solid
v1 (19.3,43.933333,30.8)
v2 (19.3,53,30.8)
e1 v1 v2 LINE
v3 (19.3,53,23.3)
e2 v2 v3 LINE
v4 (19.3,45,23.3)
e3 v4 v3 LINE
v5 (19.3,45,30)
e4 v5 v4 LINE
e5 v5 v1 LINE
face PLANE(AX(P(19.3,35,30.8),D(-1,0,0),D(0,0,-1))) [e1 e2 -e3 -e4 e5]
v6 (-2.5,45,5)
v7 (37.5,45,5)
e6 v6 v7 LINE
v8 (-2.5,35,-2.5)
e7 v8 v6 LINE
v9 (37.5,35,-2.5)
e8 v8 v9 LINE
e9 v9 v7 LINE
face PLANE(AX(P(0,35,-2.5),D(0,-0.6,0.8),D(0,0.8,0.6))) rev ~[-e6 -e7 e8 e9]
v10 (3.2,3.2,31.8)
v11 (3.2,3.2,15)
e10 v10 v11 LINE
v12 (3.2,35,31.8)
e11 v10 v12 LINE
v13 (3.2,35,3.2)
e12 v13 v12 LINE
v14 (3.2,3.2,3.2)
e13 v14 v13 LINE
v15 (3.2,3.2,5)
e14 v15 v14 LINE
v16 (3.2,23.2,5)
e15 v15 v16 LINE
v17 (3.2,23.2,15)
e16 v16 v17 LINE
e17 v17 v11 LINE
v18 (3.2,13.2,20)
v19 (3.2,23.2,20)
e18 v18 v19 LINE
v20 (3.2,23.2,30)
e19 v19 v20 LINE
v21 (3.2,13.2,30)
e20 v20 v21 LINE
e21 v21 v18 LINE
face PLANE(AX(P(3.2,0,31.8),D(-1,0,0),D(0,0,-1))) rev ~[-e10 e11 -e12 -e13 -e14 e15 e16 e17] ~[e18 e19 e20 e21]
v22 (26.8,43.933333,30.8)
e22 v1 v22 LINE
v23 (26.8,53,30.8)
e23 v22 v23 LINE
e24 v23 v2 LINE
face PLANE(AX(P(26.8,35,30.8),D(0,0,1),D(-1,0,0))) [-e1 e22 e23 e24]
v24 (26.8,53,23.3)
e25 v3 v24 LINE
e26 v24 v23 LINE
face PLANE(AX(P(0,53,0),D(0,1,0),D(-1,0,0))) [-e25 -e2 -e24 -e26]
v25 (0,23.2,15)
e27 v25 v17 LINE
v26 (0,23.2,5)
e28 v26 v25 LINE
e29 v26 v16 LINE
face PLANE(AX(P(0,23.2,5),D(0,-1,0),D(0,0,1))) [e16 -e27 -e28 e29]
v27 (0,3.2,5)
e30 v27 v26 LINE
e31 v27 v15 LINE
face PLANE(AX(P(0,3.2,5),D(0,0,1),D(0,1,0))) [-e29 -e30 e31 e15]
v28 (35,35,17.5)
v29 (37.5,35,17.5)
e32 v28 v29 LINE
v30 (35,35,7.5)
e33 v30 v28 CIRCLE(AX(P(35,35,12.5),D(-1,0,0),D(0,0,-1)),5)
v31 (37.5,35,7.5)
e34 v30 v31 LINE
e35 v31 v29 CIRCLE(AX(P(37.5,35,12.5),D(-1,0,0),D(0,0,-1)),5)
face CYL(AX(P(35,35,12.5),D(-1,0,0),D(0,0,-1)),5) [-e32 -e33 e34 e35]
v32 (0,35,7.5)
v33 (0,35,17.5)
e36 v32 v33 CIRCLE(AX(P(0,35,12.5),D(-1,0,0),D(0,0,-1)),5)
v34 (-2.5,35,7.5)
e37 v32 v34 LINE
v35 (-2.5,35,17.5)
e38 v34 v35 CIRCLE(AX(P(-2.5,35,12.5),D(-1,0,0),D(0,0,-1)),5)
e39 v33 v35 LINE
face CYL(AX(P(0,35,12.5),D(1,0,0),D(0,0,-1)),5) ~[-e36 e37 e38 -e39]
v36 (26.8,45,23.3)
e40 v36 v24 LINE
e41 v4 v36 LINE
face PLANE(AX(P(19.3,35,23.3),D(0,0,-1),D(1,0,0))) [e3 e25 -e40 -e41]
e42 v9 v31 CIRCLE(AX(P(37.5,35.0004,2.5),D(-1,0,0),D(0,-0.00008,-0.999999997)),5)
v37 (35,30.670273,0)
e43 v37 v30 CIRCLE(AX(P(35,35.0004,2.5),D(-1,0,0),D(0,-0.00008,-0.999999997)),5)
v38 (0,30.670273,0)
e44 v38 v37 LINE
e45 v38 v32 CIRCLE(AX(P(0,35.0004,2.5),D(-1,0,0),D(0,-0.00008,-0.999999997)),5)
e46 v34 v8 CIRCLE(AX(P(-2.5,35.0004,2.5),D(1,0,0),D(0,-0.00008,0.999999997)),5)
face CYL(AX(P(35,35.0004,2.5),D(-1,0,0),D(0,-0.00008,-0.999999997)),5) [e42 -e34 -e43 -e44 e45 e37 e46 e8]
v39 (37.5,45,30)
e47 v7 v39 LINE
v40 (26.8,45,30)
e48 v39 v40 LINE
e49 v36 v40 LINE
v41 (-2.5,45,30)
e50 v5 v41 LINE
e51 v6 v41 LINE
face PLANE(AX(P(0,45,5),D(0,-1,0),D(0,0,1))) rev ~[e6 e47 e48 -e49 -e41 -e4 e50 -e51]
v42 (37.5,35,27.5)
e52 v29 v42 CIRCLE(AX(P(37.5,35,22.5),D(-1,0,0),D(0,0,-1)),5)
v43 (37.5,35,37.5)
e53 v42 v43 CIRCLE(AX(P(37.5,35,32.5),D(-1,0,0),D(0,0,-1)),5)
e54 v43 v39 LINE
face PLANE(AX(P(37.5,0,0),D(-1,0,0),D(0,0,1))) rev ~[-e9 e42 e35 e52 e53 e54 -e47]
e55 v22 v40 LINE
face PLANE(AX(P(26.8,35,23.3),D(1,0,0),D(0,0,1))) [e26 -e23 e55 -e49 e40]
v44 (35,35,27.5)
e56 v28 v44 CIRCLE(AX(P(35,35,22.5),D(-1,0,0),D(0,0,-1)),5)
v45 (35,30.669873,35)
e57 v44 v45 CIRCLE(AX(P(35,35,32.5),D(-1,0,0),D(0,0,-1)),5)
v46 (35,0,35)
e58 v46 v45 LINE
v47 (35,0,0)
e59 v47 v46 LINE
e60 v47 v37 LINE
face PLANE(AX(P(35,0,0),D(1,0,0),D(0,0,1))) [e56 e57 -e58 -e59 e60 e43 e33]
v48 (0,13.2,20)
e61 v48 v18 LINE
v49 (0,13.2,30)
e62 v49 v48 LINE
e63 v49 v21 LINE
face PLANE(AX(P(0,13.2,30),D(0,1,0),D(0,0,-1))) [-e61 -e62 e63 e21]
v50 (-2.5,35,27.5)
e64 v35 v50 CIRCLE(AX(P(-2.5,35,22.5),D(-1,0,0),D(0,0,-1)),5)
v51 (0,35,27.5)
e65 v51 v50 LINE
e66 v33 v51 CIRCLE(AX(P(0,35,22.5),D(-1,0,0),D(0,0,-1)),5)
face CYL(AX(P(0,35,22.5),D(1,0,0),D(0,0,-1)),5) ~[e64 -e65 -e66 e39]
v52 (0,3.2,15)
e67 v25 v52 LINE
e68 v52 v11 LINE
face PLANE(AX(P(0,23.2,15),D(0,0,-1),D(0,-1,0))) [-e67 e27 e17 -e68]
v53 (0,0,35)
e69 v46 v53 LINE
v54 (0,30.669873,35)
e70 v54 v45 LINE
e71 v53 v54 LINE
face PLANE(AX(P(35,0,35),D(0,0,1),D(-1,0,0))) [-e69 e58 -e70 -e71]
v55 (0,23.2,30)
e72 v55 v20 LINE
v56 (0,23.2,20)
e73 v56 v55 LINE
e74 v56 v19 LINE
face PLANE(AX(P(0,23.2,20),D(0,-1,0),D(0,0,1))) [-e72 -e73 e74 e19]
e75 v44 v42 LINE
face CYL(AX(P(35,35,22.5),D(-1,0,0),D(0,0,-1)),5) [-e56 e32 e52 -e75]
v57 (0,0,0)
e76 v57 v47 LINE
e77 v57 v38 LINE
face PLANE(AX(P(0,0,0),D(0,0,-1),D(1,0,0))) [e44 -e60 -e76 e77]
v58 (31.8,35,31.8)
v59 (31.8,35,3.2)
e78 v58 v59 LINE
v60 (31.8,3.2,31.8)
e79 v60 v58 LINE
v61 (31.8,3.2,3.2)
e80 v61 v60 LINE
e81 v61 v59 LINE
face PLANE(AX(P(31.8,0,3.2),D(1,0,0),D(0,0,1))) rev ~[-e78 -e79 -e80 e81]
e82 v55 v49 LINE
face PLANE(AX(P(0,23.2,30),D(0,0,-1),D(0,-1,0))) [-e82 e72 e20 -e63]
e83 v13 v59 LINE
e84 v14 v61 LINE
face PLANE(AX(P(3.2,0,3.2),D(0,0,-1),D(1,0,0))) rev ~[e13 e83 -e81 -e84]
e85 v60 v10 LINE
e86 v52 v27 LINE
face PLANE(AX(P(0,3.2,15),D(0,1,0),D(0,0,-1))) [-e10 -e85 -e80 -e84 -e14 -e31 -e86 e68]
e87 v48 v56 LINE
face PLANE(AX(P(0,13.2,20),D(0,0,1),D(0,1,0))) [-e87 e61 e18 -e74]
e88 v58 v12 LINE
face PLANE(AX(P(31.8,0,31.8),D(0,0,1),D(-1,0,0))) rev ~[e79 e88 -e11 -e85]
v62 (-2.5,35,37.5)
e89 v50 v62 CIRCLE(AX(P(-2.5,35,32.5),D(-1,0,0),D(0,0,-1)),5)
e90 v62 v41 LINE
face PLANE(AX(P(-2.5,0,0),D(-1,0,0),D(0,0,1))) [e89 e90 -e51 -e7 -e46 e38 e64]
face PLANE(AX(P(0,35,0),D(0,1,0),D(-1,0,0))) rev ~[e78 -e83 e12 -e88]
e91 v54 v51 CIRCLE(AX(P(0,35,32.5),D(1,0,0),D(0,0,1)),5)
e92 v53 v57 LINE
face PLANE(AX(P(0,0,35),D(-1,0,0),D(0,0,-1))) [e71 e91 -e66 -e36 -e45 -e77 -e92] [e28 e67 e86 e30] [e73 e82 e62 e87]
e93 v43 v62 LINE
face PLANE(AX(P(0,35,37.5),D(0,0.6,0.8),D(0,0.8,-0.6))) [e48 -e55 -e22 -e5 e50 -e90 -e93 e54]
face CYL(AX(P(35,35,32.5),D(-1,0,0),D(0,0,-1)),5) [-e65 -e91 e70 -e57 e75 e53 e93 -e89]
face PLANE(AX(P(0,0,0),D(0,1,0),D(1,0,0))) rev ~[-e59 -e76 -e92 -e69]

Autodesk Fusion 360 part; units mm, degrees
sketch "Sketch1" plane through (0, 0, 0) normal (0, 1, 0) x (1, 0, 0)
  line L0 (0, 0) -> (35, 0)
  line L1 (35, 0) -> (35, -35)
  line L2 (35, -35) -> (0, -35)
  line L3 (0, -35) -> (0, 0)
  line L4 (3.2, -3.2) -> (31.8, -3.2)
  line L5 (31.8, -3.2) -> (31.8, -31.8)
  line L6 (31.8, -31.8) -> (3.2, -31.8)
  line L7 (3.2, -31.8) -> (3.2, -3.2)
  dimension "d1" = 35
  dimension "d2" = 3.2
  dimension "d3" = 3.2
  dimension "d4" = 35
  dimension "d5" = 3.2
  dimension "d6" = 3.2
extrude "Extrude1" add sketch "Sketch1" along normal blind 35 makes body 1
sketch "Sketch2" plane through (0, 35, 0) normal (0, 1, 0) x (-1, 0, 0)
  line L0 (-31.8, 31.8) -> (-3.2, 31.8)
  line L1 (-3.2, 31.8) -> (-3.2, 3.2)
  line L2 (-3.2, 3.2) -> (-31.8, 3.2)
  line L3 (-31.8, 3.2) -> (-31.8, 31.8)
  line L4 (0, 35) -> (-35, 35)
  line L5 (-35, 35) -> (-35, 0)
  line L6 (-35, 0) -> (0, 0)
  line L7 (0, 0) -> (0, 35)
  line L8 (2.5, -2.5) -> (-37.5, -2.5)
  line L9 (-37.5, -2.5) -> (-37.5, 37.5)
  line L10 (-37.5, 37.5) -> (2.5, 37.5)
  line L11 (2.5, 37.5) -> (2.5, -2.5)
  line L12 (-26.8, 30.8) -> (-19.3, 30.8)
  line L13 (-19.3, 30.8) -> (-19.3, 23.3)
  line L14 (-19.3, 23.3) -> (-26.8, 23.3)
  line L15 (-26.8, 23.3) -> (-26.8, 30.8)
  line L16 (-31.8, 31.8) -> (-3.2, 31.8)
  line L17 (-31.8, 3.2) -> (-31.8, 31.8)
  dimension "d9" = 2.5
  dimension "d10" = 2.5
  dimension "d11" = 2.5
  dimension "d12" = 2.5
  dimension "d54" = 7.5
  dimension "d55" = 7.5
  dimension "d56" = 1
  dimension "d57" = 5
sketch "Sketch3" plane through (0, 35, 0) normal (0, 1, 0) x (-1, 0, 0)
sketch "Sketch4" plane through (0, 0, 0) normal (-1, 0, 0) x (0, 0, 1)
  line L0 (0, 0) -> (35, 0)
  line L1 (35, 0) -> (35, 35)
  line L2 (35, 35) -> (0, 35)
  line L3 (0, 35) -> (0, 0)
  line L4 (-2.5, 35) -> (7.5, 35)
  arc A0 (-2.5, 35) -> (7.5, 35) centre (2.5, 35.0004) ccw
  arc A1 (7.5, 35) -> (17.5, 35) centre (12.5, 35) ccw
  arc A2 (17.5, 35) -> (27.5, 35) centre (22.5, 35) ccw
  line L5 (27.5, 35) -> (27.5, 35)
  line L6 (-2.5, 35) -> (5, 45)
  line L7 (5, 45) -> (30, 45)
  line L8 (5, 23.2) -> (15, 23.2)
  line L9 (15, 23.2) -> (15, 3.2)
  line L10 (15, 3.2) -> (5, 3.2)
  line L11 (5, 3.2) -> (5, 23.2)
  line L12 (20, 23.2) -> (30, 23.2)
  line L13 (30, 23.2) -> (30, 13.2)
  line L14 (30, 13.2) -> (20, 13.2)
  line L15 (20, 13.2) -> (20, 23.2)
  line L16 (7.5, 35) -> (17.5, 35)
  line L17 (27.5, 35) -> (17.5, 35)
  line L18 (35, 35) -> (37.5, 35)
  arc A3 (27.5, 35) -> (37.5, 35) centre (32.5, 35) ccw
  line L19 (37.5, 35) -> (30, 45)
  line L20 (37.5, 35) -> (-2.5, 35)
  point P0 (35, 35)
  point P1 (37.5, 35)
  dimension "d13" = 10
  dimension "d14" = 5
  dimension "d15" = 10
  dimension "d16" = 10
  dimension "d18" = 7.5
  dimension "d22" = 10
  dimension "d23" = 20
  dimension "d24" = 3.2
  dimension "d25" = 5
  dimension "d26" = 5
  dimension "d27" = 10
  dimension "d28" = 10
  dimension "d29" = 13.2
  dimension "d31" = 10
  dimension "d33" = 7.5
  dimension "d35" = 40
  dimension "d36" = 10
extrude "Extrude2" add sketch "Sketch1" along normal blind 3.2 contours L4 L5 L6 L7 bodies 1
extrude "Extrude3" cut sketch "Sketch4" against normal blind 3.2 contours L8 L9 L10 L11 bodies 1
extrude "Extrude4" cut sketch "Sketch4" against normal blind 3.2 contours L12 L13 L14 L15 bodies 1
extrude "Extrude5" add sketch "Sketch4" along normal blind 2.5 separate body contours L3 L4 A0 L20 | L2 L3 L4 A0 L20 | L1 L2 A3 L20 | L1 L18 A3 L20 | L2 L4 L6 L7 L16 L17 L18 L19 L20 | L2 A1 L16 L20 | L2 A2 L17 L20 makes body 2
extrude "Extrude6" add sketch "Sketch4" against normal blind 37.5 contours L3 L4 A0 L20 bodies 1 2
extrude "Extrude7" add sketch "Sketch4" against normal blind 37.5 separate body contours L1 L18 A3 L20 makes body 3
extrude "Extrude8" add sketch "Sketch4" against normal blind 37.5 contours L2 L4 L6 L7 L16 L17 L18 L19 L20 bodies 1 3
extrude "Extrude9" add sketch "Sketch4" against normal blind 2.5 from surface at -35 contours L2 L3 L4 A0 L20 | L1 L2 A3 L20 | L2 A1 L16 L20 | L2 A2 L17 L20 bodies 1
extrude "Extrude10" add sketch "Sketch2" along normal blind 18 contours L12 L13 L14 L15 bodies 1
